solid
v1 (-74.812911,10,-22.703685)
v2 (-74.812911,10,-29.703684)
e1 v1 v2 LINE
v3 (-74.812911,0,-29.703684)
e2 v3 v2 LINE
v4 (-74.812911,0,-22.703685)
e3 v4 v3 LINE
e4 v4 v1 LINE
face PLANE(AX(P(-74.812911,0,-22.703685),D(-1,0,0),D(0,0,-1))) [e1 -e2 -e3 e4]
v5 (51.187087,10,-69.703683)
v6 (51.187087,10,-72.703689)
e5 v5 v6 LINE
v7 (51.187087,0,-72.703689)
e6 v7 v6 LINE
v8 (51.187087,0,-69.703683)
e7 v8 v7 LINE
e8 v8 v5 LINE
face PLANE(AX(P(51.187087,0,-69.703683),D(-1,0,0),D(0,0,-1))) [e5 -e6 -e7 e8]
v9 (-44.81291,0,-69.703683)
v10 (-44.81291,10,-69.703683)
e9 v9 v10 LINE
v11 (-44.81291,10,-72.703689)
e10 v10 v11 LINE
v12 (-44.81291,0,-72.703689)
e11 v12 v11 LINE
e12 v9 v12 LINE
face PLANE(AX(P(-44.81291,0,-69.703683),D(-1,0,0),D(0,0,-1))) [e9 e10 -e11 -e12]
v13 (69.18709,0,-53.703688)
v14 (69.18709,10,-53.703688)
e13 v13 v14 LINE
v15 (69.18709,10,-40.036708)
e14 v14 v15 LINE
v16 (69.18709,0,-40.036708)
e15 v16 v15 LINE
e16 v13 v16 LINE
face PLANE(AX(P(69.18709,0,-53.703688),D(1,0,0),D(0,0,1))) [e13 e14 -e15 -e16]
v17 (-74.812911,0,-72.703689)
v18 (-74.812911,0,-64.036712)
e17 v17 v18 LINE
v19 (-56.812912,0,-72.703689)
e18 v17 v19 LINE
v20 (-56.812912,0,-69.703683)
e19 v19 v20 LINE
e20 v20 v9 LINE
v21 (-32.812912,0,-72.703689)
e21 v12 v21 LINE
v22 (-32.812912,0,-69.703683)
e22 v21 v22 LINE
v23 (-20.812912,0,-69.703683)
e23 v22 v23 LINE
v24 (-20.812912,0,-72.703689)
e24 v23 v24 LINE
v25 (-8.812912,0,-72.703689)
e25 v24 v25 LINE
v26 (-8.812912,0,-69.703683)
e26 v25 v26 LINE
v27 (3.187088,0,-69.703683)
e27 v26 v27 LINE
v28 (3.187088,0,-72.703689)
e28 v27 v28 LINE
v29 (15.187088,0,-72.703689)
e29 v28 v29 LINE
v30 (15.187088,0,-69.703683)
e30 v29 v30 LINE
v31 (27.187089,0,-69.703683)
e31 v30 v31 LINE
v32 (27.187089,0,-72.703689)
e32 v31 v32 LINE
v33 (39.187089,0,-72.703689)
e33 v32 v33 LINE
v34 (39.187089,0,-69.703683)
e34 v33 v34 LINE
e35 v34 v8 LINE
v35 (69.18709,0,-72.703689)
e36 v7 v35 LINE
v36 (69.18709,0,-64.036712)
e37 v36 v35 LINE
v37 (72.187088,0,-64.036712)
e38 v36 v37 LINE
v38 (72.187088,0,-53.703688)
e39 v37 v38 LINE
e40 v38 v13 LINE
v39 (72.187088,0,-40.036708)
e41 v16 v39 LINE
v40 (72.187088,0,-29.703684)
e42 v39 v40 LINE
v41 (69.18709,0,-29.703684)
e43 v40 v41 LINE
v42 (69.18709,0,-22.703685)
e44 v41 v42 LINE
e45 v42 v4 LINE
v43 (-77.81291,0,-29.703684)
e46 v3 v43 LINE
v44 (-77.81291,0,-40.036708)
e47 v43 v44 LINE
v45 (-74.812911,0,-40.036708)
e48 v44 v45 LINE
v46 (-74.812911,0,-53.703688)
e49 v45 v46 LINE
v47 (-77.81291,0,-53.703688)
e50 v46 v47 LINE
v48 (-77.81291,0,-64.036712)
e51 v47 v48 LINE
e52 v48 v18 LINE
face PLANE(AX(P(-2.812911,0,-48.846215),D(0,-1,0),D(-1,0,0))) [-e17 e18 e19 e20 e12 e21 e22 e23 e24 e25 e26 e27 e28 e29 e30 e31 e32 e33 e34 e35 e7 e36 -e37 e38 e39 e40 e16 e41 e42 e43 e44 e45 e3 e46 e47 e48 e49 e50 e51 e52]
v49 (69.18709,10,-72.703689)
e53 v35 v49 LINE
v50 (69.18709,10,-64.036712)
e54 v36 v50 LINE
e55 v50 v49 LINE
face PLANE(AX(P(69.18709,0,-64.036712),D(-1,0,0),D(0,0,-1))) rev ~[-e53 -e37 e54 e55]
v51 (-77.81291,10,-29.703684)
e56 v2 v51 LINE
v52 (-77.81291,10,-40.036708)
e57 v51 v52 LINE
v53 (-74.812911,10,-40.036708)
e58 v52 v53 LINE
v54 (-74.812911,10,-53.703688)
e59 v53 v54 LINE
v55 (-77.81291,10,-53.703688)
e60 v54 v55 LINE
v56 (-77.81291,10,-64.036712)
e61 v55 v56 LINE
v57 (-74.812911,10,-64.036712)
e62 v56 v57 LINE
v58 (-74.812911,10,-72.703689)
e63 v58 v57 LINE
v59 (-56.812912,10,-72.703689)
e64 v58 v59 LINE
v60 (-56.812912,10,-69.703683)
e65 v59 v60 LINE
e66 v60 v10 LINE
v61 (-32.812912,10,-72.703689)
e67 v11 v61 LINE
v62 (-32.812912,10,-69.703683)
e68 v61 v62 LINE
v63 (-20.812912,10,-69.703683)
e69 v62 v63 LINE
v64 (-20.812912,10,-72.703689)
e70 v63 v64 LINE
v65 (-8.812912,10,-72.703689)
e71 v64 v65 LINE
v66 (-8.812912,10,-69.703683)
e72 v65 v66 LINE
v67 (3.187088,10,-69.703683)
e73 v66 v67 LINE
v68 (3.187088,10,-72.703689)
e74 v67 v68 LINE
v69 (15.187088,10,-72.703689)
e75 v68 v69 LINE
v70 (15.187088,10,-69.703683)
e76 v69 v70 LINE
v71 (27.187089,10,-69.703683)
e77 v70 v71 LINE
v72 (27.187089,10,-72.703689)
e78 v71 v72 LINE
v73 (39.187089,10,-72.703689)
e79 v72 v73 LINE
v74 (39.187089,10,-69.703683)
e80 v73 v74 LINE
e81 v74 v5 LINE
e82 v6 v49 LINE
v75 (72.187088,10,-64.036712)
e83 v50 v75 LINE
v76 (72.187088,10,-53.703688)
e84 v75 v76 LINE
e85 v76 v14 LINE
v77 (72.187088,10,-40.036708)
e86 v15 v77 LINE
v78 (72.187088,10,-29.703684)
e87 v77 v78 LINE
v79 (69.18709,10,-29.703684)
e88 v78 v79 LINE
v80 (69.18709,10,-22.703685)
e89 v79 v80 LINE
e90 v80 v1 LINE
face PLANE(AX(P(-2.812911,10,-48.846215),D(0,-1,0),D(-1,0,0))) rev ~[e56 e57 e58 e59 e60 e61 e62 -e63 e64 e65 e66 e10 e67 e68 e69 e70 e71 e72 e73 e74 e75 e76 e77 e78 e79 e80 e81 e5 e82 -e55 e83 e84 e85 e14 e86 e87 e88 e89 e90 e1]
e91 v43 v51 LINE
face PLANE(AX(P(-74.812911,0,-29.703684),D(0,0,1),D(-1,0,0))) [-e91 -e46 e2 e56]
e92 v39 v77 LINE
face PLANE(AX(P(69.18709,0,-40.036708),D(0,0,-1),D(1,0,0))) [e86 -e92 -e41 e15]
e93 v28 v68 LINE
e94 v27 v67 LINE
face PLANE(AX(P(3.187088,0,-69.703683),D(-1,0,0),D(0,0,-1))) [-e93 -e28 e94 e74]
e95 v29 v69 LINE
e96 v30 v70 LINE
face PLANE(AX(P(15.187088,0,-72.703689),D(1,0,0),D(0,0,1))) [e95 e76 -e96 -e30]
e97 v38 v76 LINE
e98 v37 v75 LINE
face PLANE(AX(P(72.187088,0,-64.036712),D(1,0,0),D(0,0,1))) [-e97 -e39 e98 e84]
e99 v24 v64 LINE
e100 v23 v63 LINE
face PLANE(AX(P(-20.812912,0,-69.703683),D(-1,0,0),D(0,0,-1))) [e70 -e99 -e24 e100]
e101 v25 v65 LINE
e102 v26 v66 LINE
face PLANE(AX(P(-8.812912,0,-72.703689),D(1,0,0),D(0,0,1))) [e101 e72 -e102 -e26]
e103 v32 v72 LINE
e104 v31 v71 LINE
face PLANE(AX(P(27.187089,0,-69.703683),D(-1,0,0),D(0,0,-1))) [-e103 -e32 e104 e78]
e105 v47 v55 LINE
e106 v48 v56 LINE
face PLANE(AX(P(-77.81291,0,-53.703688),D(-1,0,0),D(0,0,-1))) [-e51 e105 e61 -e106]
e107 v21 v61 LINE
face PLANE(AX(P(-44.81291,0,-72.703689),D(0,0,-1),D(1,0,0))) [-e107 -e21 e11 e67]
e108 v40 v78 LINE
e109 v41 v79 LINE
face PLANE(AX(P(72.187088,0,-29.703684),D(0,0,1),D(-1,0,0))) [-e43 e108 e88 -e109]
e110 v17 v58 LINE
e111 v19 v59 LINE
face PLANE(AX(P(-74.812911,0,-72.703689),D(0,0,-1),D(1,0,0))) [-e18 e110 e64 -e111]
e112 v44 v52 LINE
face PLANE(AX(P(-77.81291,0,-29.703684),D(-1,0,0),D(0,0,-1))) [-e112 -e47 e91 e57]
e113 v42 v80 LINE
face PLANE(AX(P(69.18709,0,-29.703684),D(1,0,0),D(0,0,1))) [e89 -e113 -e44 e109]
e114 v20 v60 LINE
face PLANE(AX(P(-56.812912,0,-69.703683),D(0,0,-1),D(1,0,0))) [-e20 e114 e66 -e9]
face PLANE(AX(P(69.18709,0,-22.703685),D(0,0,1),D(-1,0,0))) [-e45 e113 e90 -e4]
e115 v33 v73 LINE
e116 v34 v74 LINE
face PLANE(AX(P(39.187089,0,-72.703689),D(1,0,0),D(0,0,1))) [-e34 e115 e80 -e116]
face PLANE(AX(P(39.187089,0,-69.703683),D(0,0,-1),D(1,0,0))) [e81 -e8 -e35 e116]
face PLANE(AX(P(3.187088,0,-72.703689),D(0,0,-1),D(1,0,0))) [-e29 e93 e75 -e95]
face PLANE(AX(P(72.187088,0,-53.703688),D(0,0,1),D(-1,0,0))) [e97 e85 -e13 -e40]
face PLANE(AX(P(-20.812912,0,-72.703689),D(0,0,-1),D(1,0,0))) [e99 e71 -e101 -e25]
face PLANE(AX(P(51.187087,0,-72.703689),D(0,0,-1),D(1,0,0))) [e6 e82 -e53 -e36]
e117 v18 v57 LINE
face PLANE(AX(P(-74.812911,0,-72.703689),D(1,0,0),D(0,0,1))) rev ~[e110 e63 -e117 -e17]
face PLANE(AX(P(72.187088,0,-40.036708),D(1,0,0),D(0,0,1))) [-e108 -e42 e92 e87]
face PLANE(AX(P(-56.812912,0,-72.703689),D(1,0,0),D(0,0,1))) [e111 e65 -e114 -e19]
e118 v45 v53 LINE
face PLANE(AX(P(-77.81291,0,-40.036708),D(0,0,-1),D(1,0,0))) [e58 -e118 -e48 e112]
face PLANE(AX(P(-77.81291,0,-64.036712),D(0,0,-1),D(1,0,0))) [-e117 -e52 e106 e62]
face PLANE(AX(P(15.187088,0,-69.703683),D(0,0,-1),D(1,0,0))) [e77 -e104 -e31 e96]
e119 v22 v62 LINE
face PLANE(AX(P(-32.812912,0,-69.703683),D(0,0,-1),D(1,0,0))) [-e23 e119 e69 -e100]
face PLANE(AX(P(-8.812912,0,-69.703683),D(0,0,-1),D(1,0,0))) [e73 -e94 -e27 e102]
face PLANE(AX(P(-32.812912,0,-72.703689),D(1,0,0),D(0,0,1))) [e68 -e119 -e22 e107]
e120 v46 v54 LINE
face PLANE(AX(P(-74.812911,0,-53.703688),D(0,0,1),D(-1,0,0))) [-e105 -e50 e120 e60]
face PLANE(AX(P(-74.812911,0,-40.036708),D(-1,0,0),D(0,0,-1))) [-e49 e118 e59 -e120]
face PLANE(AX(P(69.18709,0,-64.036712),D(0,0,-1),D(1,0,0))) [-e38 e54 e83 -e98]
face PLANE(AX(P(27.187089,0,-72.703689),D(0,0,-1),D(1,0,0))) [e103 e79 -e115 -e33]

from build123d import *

# Parameters (mm, degrees)
BOSS_EXTRUDE1_DEPTH = 10


with BuildPart() as part:
    # Sketch1 → Boss-Extrude1 (new body)
    with BuildSketch(Plane(origin=(0, 0, 0), x_dir=(1, 0, 0), z_dir=(0, 1, 0))):
        Polygon((-32.812912017, 69.703683257), (-20.812911913, 69.703683257), (-20.812911913, 72.703689337), (-8.812911808, 72.703689337), (-8.812911808, 69.703683257), (3.187088063, 69.703683257), (3.187088063, 72.703689337), (15.1870884, 72.703689337), (15.1870884, 69.703683257), (27.187088504, 69.703683257), (27.187088504, 72.703689337), (39.187088609, 72.703689337), (39.187088609, 69.703683257), (51.18708685, 69.703683257), (51.18708685, 72.703689337), (69.187089801, 72.703689337), (69.187089801, 69.703683257), (69.187089801, 64.03671205), (72.18708843, 64.03671205), (72.18708843, 53.703688085), (69.187089801, 53.703688085), (69.187089801, 40.036708117), (72.18708843, 40.036708117), (72.18708843, 29.703684151), (69.187089801, 29.703684151), (69.187089801, 22.703684866), (-74.812911451, 22.703684866), (-74.812911451, 29.703684151), (-77.81291008, 29.703684151), (-77.81291008, 40.036708117), (-74.812911451, 40.036708117), (-74.812911451, 53.703688085), (-77.81291008, 53.703688085), (-77.81291008, 64.03671205), (-74.812911451, 64.03671205), (-74.812911451, 69.703683257), (-74.812911451, 72.703689337), (-56.812912226, 72.703689337), (-56.812912226, 69.703683257), (-44.812910259, 69.703683257), (-44.812910259, 72.703689337), (-32.812912017, 72.703689337), align=None)
    extrude(amount=BOSS_EXTRUDE1_DEPTH)


solid = part.part
